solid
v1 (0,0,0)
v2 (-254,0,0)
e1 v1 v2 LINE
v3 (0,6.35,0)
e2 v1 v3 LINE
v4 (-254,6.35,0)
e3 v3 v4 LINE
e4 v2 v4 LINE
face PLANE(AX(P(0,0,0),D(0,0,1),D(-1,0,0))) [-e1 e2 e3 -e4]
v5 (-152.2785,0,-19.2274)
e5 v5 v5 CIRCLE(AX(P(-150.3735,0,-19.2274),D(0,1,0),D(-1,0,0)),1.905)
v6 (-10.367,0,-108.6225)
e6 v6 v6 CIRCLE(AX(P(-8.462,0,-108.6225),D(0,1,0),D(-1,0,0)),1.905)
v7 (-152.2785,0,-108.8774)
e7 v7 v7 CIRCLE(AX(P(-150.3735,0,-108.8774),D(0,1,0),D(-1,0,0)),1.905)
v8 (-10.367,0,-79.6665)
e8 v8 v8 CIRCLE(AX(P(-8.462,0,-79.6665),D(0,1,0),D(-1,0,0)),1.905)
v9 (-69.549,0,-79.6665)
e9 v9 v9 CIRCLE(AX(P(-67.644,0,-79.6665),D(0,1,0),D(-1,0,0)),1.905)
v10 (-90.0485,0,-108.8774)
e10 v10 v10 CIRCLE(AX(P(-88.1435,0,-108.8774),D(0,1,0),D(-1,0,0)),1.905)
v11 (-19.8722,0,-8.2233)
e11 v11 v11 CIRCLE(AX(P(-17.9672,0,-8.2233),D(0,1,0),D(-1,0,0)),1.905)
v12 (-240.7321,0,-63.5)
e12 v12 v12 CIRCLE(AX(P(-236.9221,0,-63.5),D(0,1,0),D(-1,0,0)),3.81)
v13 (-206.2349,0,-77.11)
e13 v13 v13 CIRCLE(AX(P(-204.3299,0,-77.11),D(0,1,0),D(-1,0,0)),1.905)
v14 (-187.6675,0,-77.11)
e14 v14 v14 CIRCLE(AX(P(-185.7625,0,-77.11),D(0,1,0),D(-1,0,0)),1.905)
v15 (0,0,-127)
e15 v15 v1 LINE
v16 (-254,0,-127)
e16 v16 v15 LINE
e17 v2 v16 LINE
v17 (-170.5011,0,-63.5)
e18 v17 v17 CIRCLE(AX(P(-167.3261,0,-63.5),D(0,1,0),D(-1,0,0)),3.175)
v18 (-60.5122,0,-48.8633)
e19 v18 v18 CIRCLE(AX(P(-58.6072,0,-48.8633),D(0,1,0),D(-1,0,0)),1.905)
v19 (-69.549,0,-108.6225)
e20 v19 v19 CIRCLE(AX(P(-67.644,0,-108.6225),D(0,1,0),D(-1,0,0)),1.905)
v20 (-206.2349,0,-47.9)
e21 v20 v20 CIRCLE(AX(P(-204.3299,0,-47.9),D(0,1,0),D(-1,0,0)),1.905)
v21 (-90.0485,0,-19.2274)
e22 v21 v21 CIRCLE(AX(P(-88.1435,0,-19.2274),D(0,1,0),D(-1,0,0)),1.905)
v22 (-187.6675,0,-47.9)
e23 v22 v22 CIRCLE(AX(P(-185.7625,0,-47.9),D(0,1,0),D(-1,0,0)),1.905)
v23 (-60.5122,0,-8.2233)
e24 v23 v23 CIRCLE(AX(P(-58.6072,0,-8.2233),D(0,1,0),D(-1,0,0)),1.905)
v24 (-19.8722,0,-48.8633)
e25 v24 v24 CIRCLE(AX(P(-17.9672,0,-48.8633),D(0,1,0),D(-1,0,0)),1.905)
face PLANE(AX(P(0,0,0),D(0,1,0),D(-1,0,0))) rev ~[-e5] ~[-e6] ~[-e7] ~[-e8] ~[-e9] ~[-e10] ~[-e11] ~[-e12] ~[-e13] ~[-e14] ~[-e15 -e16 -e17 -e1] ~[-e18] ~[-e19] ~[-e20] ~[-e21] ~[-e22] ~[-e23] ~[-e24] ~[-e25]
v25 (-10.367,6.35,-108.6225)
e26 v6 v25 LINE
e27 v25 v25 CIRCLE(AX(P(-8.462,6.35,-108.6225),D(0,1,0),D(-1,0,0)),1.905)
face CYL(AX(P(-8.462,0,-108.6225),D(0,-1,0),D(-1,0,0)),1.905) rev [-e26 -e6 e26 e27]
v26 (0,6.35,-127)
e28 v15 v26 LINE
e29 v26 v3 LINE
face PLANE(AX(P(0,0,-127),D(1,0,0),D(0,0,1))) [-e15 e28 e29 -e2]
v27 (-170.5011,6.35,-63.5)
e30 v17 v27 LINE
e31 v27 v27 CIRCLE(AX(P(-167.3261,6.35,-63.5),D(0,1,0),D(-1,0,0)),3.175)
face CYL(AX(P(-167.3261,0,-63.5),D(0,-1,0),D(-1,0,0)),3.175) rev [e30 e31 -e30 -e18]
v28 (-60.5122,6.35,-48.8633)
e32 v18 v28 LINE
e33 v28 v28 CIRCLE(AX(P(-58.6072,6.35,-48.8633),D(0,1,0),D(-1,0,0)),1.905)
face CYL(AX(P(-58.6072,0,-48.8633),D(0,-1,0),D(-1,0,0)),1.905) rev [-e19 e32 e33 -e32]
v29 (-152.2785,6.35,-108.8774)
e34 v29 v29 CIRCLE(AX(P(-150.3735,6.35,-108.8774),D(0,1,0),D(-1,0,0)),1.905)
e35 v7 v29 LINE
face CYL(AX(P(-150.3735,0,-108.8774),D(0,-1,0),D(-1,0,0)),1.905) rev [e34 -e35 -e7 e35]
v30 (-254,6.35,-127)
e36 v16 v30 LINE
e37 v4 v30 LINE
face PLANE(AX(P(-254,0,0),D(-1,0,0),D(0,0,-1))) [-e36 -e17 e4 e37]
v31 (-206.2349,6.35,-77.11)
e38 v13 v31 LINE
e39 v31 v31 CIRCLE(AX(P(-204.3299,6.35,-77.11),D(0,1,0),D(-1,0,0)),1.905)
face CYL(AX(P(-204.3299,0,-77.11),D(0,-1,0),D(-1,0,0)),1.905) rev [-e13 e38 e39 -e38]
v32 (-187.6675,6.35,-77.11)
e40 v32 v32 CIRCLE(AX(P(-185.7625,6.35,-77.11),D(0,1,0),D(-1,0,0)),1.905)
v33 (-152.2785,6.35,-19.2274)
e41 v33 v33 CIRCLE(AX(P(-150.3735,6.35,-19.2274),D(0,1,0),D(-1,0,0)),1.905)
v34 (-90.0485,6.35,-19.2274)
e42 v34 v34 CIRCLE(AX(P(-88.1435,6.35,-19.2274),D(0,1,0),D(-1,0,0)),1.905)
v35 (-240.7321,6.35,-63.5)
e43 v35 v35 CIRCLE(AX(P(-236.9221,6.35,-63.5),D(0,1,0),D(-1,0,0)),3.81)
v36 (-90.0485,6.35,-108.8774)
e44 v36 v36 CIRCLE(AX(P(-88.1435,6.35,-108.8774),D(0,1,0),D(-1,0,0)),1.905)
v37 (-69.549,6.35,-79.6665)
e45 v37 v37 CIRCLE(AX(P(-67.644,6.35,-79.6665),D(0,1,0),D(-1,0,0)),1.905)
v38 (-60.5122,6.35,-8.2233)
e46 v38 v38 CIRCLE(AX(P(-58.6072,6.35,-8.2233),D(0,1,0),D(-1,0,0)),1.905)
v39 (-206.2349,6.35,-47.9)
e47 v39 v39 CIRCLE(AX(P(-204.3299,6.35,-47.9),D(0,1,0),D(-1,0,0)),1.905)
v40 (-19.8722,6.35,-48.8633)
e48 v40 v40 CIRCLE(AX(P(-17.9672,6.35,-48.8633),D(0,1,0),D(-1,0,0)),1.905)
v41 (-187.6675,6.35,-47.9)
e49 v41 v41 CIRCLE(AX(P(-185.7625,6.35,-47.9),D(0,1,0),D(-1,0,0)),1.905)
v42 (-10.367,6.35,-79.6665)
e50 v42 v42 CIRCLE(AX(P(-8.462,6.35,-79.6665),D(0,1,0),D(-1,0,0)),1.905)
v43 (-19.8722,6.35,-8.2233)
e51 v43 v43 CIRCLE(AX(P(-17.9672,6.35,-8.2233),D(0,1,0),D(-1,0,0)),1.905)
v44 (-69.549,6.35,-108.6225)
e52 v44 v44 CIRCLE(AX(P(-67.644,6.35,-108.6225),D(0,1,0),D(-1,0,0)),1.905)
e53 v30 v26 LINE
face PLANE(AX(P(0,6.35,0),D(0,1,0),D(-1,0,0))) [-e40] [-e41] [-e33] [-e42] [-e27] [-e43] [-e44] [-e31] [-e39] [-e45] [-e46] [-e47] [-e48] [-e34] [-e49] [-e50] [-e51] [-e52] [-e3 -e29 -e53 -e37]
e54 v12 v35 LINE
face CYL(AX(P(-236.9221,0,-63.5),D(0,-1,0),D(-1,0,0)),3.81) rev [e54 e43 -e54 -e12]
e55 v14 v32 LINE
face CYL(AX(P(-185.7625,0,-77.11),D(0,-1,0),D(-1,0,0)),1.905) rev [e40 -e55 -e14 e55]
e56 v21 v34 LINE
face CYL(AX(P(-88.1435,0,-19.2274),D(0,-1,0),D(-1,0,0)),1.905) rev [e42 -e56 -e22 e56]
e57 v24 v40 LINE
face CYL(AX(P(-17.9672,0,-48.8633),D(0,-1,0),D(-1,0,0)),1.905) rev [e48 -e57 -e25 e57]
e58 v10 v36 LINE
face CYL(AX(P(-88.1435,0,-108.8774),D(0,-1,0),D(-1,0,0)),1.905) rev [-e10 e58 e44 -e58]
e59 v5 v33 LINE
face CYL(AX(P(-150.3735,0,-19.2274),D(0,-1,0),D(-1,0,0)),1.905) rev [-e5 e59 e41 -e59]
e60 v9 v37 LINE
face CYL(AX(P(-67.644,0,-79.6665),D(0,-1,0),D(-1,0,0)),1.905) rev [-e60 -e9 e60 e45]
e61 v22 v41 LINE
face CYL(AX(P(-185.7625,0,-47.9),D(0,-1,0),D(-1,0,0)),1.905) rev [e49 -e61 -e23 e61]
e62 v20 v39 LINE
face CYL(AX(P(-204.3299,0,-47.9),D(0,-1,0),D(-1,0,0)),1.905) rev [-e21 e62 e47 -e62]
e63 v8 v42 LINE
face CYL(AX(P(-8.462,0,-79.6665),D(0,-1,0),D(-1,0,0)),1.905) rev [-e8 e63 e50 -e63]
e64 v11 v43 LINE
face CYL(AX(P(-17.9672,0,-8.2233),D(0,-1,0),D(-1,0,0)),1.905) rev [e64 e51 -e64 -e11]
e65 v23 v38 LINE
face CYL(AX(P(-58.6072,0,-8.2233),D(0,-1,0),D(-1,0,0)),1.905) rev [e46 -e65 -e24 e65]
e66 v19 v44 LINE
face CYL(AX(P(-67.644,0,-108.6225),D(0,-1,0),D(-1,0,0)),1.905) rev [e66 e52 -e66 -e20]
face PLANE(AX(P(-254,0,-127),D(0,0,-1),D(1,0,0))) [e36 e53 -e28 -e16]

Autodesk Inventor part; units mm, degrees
ref_plane "YZ Plane" through (0, 0, 0) normal (1, 0, 0) x (0, 1, 0)
ref_plane "XZ Plane" through (0, 0, 0) normal (0, 1, 0) x (-1, 0, 0)
ref_plane "XY Plane" through (0, 0, 0) normal (0, 0, 1) x (1, 0, 0)
sketch "Sketch1" plane through (0, 0, 0) normal (0, 1, 0) x (-1, 0, 0)
  line L0 (0, 0) -> (254, 0)
  line L1 (254, 0) -> (254, -127)
  line L2 (254, -127) -> (0, -127)
  line L3 (0, -127) -> (0, 0)
  circle A0 centre (17.9672, -8.2233) radius 1.905
  circle A1 centre (17.9672, -48.8633) radius 1.905
  circle A2 centre (58.6072, -48.8633) radius 1.905
  circle A3 centre (58.6072, -8.2233) radius 1.905
  circle A4 centre (67.644, -79.6665) radius 1.905
  circle A5 centre (67.644, -108.6225) radius 1.905
  circle A6 centre (8.462, -79.6665) radius 1.905
  circle A7 centre (8.462, -108.6225) radius 1.905
  circle A8 centre (236.9221, -63.5) radius 3.81
  circle A9 centre (167.3261, -63.5) radius 3.175
  circle A10 centre (150.3735, -19.2274) radius 1.905
  circle A11 centre (150.3735, -108.8774) radius 1.905
  circle A12 centre (88.1435, -108.8774) radius 1.905
  circle A13 centre (88.1435, -19.2274) radius 1.905
  circle A14 centre (204.3299, -47.9) radius 1.905
  circle A15 centre (204.3299, -77.11) radius 1.905
  circle A16 centre (185.7625, -77.11) radius 1.905
  circle A17 centre (185.7625, -47.9) radius 1.905
  dimension "d0" = 254
  dimension "d1" = 127
  dimension "d2" = 3.81
  dimension "d3" = 3.81
  dimension "d4" = 3.81
  dimension "d5" = 3.81
  dimension "d6" = 40.64
  dimension "d7" = 40.64
  dimension "d8" = 40.64
  dimension "d9" = 40.64
  dimension "d14" = 3.81
  dimension "d15" = 3.81
  dimension "d16" = 3.81
  dimension "d17" = 3.81
  dimension "d18" = 7.62
  dimension "d19" = 63.5
  dimension "d20" = 6.35
  dimension "d21" = 69.596
  dimension "d22" = 63.5
  dimension "d25" = 3.81
  dimension "d26" = 3.81
  dimension "d27" = 3.81
  dimension "d28" = 3.81
  dimension "d31" = 3.81
  dimension "d32" = 3.81
  dimension "d33" = 3.81
  dimension "d34" = 3.81
extrude "Extrusion1" add sketch "Sketch1" along normal blind 6.35
properties part number "BaseBoard"
